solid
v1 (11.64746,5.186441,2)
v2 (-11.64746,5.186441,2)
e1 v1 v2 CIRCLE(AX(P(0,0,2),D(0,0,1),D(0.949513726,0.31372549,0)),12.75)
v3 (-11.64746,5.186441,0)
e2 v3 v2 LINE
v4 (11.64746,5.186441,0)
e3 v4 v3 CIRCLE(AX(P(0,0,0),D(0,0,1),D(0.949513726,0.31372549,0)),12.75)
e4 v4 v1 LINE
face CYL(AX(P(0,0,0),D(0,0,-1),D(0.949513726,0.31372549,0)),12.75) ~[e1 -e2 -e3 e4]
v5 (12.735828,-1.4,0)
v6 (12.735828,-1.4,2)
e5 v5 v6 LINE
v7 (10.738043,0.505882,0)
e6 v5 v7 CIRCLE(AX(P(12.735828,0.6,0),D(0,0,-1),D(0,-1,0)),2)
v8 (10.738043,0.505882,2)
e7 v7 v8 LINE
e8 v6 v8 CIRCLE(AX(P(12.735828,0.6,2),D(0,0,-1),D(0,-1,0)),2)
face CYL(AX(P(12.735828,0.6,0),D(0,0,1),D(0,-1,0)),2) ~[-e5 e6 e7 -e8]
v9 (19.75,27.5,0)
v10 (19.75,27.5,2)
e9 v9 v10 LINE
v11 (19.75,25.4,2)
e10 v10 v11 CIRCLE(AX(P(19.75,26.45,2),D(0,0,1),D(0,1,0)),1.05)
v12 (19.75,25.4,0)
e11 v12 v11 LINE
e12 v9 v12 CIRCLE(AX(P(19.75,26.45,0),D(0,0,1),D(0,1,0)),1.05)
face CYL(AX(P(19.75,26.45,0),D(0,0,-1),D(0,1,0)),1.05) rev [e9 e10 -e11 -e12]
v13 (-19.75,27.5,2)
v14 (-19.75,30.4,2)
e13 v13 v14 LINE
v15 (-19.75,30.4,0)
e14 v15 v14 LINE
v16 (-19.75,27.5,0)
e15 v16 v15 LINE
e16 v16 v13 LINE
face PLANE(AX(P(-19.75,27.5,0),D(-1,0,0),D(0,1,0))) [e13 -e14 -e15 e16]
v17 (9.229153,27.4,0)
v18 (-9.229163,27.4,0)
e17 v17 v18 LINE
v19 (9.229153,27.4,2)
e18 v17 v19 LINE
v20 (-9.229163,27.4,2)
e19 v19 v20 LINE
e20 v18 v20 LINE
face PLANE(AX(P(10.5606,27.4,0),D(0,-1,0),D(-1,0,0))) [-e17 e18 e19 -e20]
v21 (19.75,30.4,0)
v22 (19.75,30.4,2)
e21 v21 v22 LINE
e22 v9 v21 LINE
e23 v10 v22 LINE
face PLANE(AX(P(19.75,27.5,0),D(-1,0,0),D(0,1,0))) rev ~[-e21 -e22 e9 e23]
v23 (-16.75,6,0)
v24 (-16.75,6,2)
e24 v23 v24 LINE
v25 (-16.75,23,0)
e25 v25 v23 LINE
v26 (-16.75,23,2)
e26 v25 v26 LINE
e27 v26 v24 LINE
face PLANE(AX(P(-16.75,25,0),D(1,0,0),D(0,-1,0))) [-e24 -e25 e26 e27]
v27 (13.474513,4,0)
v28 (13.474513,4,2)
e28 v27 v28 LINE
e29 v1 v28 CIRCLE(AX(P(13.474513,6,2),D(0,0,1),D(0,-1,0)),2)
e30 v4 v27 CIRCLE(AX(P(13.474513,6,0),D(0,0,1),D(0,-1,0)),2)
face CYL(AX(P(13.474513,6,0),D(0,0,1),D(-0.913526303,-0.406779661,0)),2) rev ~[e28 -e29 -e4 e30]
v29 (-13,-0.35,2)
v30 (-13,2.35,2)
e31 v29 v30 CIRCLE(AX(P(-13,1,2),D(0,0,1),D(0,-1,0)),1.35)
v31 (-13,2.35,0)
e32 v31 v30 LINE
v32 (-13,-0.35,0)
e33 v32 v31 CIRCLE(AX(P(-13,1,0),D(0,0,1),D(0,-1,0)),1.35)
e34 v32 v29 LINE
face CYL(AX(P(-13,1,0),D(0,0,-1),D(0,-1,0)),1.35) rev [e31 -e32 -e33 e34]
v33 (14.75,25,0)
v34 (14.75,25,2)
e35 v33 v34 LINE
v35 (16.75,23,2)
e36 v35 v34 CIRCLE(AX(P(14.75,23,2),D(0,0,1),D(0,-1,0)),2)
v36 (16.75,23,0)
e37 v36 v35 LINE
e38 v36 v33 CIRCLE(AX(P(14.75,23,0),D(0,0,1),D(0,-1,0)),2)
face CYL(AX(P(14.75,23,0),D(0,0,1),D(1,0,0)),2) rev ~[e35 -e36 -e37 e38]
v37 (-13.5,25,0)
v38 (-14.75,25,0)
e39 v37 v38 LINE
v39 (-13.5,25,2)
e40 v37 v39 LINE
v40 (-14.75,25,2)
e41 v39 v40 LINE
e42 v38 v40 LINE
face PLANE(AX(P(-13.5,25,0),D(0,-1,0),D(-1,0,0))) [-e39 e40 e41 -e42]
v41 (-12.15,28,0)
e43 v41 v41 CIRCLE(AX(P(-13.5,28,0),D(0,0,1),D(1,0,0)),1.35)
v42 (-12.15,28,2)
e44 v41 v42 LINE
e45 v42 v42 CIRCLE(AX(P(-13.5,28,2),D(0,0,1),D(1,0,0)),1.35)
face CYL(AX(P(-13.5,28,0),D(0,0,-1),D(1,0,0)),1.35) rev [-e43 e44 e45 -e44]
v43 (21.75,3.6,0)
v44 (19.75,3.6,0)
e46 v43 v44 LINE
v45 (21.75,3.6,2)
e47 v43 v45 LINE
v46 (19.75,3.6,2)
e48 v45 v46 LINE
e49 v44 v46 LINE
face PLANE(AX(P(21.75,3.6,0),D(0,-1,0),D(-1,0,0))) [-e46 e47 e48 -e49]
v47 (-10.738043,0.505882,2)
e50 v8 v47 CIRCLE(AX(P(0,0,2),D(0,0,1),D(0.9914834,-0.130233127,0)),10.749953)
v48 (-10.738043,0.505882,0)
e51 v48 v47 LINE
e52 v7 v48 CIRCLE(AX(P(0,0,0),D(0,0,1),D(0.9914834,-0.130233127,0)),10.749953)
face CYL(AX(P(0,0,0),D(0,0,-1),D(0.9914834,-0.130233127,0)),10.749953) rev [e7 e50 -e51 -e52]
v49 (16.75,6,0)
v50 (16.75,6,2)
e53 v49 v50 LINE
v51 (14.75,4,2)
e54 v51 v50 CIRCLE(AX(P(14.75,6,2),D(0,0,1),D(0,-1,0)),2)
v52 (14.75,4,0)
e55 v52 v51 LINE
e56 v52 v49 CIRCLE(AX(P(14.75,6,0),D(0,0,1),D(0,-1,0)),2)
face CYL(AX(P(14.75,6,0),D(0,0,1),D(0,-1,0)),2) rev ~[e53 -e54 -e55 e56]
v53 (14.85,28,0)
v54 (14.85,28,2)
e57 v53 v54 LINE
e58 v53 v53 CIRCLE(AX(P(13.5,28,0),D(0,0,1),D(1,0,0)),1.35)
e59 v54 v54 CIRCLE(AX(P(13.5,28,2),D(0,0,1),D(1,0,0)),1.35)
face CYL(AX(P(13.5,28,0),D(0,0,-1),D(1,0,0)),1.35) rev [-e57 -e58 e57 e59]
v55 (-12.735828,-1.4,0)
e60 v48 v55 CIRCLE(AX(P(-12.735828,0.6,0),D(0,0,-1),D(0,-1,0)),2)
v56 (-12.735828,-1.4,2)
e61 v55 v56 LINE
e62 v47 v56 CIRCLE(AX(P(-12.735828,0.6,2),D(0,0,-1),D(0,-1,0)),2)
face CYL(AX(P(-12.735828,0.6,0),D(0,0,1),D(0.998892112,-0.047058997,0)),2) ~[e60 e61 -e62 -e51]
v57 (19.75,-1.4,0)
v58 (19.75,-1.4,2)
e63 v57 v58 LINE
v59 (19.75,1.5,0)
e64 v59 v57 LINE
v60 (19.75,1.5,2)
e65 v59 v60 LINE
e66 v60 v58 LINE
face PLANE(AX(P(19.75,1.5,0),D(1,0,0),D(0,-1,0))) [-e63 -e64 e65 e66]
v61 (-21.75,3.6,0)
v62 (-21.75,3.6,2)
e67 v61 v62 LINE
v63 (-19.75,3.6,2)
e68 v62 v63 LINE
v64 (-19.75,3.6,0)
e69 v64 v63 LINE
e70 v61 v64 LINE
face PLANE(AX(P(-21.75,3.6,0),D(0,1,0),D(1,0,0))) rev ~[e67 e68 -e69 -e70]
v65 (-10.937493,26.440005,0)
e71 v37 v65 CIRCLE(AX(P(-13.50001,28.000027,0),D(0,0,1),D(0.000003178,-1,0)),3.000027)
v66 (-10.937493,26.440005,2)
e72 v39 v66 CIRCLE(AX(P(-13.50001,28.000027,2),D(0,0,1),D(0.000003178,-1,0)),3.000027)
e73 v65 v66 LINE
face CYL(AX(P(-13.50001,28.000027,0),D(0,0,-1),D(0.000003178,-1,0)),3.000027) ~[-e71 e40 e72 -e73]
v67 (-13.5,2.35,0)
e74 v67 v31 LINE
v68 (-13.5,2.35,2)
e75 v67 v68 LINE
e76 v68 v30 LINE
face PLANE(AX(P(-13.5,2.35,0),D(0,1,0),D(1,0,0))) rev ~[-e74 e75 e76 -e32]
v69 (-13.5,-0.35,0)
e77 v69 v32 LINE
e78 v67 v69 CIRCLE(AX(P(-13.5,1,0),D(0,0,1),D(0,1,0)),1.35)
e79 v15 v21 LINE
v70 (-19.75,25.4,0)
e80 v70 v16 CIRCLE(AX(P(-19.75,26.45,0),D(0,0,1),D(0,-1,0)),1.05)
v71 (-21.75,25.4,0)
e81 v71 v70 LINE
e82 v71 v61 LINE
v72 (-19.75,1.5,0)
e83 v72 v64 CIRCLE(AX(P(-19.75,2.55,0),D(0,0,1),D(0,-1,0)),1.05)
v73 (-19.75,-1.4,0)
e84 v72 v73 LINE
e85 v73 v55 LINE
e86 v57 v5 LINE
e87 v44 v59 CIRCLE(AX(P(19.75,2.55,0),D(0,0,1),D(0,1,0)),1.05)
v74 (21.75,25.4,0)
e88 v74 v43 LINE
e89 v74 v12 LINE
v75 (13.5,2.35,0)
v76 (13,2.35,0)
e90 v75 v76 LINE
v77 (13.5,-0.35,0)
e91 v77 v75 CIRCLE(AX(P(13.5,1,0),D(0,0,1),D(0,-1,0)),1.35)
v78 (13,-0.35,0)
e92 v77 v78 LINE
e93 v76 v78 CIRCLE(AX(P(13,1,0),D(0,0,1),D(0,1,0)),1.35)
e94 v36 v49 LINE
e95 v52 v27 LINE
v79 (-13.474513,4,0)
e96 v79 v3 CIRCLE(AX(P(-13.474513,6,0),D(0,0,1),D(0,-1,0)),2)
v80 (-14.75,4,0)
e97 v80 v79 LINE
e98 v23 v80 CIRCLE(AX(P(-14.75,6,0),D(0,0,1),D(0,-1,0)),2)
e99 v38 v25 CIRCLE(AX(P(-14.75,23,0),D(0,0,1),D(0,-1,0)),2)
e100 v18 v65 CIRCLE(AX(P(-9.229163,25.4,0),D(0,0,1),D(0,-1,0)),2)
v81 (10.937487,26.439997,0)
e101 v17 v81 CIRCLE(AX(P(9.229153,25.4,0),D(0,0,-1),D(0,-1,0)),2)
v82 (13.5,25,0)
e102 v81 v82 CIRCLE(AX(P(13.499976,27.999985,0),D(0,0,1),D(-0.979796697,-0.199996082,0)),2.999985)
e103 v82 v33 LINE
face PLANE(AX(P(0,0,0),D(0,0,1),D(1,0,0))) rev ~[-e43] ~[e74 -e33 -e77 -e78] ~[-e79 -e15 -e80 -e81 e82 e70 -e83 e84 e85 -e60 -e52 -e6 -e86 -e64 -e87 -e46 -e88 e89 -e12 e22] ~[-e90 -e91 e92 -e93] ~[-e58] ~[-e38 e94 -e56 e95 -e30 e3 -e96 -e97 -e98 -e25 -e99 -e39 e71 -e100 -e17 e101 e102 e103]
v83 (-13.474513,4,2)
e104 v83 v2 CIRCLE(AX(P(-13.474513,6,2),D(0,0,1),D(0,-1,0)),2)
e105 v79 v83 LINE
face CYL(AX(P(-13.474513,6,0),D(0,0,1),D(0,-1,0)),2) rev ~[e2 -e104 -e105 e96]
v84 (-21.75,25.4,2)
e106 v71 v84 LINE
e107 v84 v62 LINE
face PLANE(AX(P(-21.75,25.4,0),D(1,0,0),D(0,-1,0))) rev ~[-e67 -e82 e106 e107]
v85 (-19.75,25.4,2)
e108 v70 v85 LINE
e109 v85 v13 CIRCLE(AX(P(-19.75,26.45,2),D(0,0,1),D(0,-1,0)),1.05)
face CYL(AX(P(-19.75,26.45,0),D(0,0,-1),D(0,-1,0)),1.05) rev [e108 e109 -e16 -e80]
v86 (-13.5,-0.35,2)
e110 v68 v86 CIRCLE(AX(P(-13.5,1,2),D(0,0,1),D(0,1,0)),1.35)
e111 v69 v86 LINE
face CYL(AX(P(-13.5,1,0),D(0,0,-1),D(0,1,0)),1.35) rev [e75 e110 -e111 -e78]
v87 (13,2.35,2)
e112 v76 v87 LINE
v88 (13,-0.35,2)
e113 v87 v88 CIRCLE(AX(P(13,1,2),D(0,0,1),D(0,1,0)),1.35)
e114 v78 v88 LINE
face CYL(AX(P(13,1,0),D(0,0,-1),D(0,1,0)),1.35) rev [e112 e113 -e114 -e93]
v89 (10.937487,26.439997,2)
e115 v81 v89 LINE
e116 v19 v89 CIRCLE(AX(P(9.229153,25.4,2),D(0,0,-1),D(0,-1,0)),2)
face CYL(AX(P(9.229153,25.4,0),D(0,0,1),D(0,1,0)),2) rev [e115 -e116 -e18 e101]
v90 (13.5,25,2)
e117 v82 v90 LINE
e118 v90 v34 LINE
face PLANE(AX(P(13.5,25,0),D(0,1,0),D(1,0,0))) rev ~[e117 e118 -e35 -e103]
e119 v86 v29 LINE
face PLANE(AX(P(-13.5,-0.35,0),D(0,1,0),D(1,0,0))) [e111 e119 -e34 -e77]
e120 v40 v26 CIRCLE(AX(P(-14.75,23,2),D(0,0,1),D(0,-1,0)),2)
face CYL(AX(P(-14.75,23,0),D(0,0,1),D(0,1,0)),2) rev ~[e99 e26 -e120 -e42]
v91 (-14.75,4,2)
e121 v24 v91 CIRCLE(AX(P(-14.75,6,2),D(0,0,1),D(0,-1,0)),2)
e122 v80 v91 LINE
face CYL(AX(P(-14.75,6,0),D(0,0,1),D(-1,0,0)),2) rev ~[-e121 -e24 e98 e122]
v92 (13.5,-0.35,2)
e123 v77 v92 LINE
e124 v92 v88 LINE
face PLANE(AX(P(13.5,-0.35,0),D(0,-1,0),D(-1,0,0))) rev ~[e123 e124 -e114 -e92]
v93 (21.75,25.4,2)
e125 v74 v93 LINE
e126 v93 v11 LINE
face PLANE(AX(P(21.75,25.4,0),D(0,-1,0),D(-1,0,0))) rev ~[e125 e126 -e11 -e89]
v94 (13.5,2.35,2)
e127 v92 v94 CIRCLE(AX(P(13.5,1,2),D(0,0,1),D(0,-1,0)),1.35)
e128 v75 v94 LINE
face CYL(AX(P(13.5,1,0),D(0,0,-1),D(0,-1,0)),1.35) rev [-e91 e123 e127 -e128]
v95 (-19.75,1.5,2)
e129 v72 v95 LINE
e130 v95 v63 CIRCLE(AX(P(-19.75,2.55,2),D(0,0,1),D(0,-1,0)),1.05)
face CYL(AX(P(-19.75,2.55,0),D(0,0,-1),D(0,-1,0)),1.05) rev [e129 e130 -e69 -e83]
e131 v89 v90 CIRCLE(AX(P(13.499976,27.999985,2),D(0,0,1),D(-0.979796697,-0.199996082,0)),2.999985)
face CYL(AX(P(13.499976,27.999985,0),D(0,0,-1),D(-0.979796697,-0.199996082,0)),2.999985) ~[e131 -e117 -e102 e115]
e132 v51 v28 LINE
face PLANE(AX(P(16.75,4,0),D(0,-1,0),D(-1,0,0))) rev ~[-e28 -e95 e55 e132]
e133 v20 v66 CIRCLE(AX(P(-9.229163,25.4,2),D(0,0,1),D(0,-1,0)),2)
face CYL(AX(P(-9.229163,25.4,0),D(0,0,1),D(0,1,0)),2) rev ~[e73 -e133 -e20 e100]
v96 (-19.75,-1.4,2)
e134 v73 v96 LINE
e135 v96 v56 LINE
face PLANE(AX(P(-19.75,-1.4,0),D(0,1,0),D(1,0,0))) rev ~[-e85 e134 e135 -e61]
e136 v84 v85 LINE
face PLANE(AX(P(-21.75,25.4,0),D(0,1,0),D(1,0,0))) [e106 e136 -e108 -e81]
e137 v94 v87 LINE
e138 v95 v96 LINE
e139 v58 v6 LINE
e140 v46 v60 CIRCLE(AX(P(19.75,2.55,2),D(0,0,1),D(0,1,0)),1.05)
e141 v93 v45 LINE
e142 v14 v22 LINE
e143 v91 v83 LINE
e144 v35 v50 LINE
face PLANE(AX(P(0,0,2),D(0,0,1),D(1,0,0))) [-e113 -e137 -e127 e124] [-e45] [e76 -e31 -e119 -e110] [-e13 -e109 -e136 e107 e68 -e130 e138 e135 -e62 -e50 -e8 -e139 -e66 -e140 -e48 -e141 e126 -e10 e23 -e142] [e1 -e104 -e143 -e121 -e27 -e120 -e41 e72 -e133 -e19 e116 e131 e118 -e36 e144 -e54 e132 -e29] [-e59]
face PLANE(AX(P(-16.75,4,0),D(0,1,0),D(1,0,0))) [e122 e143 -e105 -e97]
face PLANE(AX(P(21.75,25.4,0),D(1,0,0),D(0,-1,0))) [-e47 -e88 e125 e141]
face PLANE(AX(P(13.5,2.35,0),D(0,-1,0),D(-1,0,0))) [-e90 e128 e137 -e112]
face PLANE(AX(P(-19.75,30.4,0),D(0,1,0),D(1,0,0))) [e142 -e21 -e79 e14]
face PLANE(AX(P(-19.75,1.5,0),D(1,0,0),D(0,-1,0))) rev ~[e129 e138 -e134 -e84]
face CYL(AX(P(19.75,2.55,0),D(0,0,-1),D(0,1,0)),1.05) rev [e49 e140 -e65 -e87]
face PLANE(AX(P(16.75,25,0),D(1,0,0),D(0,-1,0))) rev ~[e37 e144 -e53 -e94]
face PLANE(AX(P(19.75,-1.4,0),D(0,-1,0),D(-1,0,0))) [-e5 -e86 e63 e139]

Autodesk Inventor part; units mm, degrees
ref_plane "YZ Plane" through (0, 0, 0) normal (1, 0, 0) x (0, 1, 0)
ref_plane "XZ Plane" through (0, 0, 0) normal (0, 1, 0) x (-1, 0, 0)
ref_plane "XY Plane" through (0, 0, 0) normal (0, 0, 1) x (1, 0, 0)
sketch "スケッチ1" plane through (0, 0, 0) normal (0, 0, 1) x (1, 0, 0)
  circle A0 centre (0, 0) radius 10.5 construction
  line L0 (-13.5, 28) -> (13.5, 28) construction
  line L1 (13.5, 28) -> (13.5, 1) construction
  line L2 (13.5, 1) -> (-13.5, 1) construction
  line L3 (-13.5, 1) -> (-13.5, 28) construction
  line L4 (-13.5, 28) -> (13.5, 1) construction
  line L5 (13.5, 28) -> (-13.5, 1) construction
  line L6 (-13.5, 14.5) -> (13.5, 14.5) construction
  line L7 (0, 28) -> (0, 1) construction
  circle A1 centre (-13.5, 28) radius 1.35
  circle A2 centre (-13.5, 1) radius 2.4 construction
  circle A3 centre (-13.5, 28) radius 2.4 construction
  line L8 (-19.75, 30.4) -> (19.75, 30.4)
  line L9 (-21.75, 25.4) -> (-21.75, 3.6)
  line L10 (-21.75, 25.4) -> (-19.75, 25.4)
  arc A4 (-19.75, 25.4) -> (-19.75, 27.5) centre (-19.75, 26.45) ccw
  line L11 (-19.75, 27.5) -> (-19.75, 30.4)
  line L12 (-21.75, 3.6) -> (-19.75, 3.6)
  arc A5 (-19.75, 1.5) -> (-19.75, 3.6) centre (-19.75, 2.55) ccw
  line L13 (-19.75, 1.5) -> (-19.75, -1.4)
  line L14 (-19.75, -1.4) -> (-10.6584, -1.4)
  line L15 (21.75, 25.4) -> (21.75, 3.6)
  arc A6 (19.75, 27.5) -> (19.75, 25.4) centre (19.75, 26.45) ccw
  line L16 (19.75, 27.5) -> (19.75, 30.4)
  arc A7 (19.75, 3.6) -> (19.75, 1.5) centre (19.75, 2.55) ccw
  line L17 (21.75, 3.6) -> (19.75, 3.6)
  line L18 (19.75, 1.5) -> (19.75, -1.4)
  line L19 (19.75, -1.4) -> (10.6584, -1.4)
  line L20 (21.75, 25.4) -> (19.75, 25.4)
  arc A8 (10.6584, -1.4) -> (-10.6584, -1.4) centre (0, 0) ccw
  circle A9 centre (13.5, 28) radius 1.35
  line L21 (10.5606, 27.4) -> (-10.5606, 27.4)
  arc A10 (-13.5, 25) -> (-10.5606, 27.4) centre (-13.5, 28) ccw
  line L22 (-13.5, 25) -> (-16.75, 25)
  line L23 (-16.75, 25) -> (-16.75, 4)
  arc A11 (12.1063, 4) -> (-12.1063, 4) centre (0, 0) ccw
  line L24 (-16.75, 4) -> (-12.1063, 4)
  arc A12 (10.5606, 27.4) -> (13.5, 25) centre (13.5, 28) ccw
  line L25 (13.5, 25) -> (16.75, 25)
  line L26 (16.75, 25) -> (16.75, 4)
  line L27 (16.75, 4) -> (12.1063, 4)
  line L28 (-13.5, 2.35) -> (-13, 2.35)
  line L29 (-13.5, -0.35) -> (-13, -0.35)
  arc A13 (-13, -0.35) -> (-13, 2.35) centre (-13, 1) ccw
  arc A14 (-13.5, 2.35) -> (-13.5, -0.35) centre (-13.5, 1) ccw
  line L30 (13.5, -0.35) -> (13, -0.35)
  arc A15 (13, 2.35) -> (13, -0.35) centre (13, 1) ccw
  arc A16 (13.5, -0.35) -> (13.5, 2.35) centre (13.5, 1) ccw
  line L31 (13.5, 2.35) -> (13, 2.35)
  point P0 (0, 14.5)
  dimension "d0" = 21
  dimension "d3" = 27
  dimension "d4" = 27
  dimension "d6" = 1
  dimension "d7" = 4.8
  dimension "d8" = 2
  dimension "d9" = 1.05
  dimension "d10" = 39.5
  dimension "d11" = 5
  dimension "d12" = 5
  dimension "d13" = 21.8
  dimension "d14" = 0.25
  dimension "d15" = 3
  dimension "d16" = 3
  dimension "d17" = 3
  dimension "d18" = 2
  dimension "d24" = 2.7
  dimension "d25" = 1.35
  dimension "d26" = 0.5
extrude "押し出し1" add sketch "スケッチ1" along normal blind 2
fillet "フィレット1" radius 2 2 edges at (-10.6584, -1.4, 1) (10.6584, -1.4, 1)
fillet "フィレット2" radius 2 8 edges at (-16.75, 4, 1) (-16.75, 25, 1) (-10.5606, 27.4, 1) (10.5606, 27.4, 1) (16.75, 25, 1) (16.75, 4, 1) (12.1063, 4, 1) (-12.1063, 4, 1)
equation "\"d25\" = 0.5 * d24"
properties part number "Ankle_back_frame" material "アルミニウム 2014-T4"
